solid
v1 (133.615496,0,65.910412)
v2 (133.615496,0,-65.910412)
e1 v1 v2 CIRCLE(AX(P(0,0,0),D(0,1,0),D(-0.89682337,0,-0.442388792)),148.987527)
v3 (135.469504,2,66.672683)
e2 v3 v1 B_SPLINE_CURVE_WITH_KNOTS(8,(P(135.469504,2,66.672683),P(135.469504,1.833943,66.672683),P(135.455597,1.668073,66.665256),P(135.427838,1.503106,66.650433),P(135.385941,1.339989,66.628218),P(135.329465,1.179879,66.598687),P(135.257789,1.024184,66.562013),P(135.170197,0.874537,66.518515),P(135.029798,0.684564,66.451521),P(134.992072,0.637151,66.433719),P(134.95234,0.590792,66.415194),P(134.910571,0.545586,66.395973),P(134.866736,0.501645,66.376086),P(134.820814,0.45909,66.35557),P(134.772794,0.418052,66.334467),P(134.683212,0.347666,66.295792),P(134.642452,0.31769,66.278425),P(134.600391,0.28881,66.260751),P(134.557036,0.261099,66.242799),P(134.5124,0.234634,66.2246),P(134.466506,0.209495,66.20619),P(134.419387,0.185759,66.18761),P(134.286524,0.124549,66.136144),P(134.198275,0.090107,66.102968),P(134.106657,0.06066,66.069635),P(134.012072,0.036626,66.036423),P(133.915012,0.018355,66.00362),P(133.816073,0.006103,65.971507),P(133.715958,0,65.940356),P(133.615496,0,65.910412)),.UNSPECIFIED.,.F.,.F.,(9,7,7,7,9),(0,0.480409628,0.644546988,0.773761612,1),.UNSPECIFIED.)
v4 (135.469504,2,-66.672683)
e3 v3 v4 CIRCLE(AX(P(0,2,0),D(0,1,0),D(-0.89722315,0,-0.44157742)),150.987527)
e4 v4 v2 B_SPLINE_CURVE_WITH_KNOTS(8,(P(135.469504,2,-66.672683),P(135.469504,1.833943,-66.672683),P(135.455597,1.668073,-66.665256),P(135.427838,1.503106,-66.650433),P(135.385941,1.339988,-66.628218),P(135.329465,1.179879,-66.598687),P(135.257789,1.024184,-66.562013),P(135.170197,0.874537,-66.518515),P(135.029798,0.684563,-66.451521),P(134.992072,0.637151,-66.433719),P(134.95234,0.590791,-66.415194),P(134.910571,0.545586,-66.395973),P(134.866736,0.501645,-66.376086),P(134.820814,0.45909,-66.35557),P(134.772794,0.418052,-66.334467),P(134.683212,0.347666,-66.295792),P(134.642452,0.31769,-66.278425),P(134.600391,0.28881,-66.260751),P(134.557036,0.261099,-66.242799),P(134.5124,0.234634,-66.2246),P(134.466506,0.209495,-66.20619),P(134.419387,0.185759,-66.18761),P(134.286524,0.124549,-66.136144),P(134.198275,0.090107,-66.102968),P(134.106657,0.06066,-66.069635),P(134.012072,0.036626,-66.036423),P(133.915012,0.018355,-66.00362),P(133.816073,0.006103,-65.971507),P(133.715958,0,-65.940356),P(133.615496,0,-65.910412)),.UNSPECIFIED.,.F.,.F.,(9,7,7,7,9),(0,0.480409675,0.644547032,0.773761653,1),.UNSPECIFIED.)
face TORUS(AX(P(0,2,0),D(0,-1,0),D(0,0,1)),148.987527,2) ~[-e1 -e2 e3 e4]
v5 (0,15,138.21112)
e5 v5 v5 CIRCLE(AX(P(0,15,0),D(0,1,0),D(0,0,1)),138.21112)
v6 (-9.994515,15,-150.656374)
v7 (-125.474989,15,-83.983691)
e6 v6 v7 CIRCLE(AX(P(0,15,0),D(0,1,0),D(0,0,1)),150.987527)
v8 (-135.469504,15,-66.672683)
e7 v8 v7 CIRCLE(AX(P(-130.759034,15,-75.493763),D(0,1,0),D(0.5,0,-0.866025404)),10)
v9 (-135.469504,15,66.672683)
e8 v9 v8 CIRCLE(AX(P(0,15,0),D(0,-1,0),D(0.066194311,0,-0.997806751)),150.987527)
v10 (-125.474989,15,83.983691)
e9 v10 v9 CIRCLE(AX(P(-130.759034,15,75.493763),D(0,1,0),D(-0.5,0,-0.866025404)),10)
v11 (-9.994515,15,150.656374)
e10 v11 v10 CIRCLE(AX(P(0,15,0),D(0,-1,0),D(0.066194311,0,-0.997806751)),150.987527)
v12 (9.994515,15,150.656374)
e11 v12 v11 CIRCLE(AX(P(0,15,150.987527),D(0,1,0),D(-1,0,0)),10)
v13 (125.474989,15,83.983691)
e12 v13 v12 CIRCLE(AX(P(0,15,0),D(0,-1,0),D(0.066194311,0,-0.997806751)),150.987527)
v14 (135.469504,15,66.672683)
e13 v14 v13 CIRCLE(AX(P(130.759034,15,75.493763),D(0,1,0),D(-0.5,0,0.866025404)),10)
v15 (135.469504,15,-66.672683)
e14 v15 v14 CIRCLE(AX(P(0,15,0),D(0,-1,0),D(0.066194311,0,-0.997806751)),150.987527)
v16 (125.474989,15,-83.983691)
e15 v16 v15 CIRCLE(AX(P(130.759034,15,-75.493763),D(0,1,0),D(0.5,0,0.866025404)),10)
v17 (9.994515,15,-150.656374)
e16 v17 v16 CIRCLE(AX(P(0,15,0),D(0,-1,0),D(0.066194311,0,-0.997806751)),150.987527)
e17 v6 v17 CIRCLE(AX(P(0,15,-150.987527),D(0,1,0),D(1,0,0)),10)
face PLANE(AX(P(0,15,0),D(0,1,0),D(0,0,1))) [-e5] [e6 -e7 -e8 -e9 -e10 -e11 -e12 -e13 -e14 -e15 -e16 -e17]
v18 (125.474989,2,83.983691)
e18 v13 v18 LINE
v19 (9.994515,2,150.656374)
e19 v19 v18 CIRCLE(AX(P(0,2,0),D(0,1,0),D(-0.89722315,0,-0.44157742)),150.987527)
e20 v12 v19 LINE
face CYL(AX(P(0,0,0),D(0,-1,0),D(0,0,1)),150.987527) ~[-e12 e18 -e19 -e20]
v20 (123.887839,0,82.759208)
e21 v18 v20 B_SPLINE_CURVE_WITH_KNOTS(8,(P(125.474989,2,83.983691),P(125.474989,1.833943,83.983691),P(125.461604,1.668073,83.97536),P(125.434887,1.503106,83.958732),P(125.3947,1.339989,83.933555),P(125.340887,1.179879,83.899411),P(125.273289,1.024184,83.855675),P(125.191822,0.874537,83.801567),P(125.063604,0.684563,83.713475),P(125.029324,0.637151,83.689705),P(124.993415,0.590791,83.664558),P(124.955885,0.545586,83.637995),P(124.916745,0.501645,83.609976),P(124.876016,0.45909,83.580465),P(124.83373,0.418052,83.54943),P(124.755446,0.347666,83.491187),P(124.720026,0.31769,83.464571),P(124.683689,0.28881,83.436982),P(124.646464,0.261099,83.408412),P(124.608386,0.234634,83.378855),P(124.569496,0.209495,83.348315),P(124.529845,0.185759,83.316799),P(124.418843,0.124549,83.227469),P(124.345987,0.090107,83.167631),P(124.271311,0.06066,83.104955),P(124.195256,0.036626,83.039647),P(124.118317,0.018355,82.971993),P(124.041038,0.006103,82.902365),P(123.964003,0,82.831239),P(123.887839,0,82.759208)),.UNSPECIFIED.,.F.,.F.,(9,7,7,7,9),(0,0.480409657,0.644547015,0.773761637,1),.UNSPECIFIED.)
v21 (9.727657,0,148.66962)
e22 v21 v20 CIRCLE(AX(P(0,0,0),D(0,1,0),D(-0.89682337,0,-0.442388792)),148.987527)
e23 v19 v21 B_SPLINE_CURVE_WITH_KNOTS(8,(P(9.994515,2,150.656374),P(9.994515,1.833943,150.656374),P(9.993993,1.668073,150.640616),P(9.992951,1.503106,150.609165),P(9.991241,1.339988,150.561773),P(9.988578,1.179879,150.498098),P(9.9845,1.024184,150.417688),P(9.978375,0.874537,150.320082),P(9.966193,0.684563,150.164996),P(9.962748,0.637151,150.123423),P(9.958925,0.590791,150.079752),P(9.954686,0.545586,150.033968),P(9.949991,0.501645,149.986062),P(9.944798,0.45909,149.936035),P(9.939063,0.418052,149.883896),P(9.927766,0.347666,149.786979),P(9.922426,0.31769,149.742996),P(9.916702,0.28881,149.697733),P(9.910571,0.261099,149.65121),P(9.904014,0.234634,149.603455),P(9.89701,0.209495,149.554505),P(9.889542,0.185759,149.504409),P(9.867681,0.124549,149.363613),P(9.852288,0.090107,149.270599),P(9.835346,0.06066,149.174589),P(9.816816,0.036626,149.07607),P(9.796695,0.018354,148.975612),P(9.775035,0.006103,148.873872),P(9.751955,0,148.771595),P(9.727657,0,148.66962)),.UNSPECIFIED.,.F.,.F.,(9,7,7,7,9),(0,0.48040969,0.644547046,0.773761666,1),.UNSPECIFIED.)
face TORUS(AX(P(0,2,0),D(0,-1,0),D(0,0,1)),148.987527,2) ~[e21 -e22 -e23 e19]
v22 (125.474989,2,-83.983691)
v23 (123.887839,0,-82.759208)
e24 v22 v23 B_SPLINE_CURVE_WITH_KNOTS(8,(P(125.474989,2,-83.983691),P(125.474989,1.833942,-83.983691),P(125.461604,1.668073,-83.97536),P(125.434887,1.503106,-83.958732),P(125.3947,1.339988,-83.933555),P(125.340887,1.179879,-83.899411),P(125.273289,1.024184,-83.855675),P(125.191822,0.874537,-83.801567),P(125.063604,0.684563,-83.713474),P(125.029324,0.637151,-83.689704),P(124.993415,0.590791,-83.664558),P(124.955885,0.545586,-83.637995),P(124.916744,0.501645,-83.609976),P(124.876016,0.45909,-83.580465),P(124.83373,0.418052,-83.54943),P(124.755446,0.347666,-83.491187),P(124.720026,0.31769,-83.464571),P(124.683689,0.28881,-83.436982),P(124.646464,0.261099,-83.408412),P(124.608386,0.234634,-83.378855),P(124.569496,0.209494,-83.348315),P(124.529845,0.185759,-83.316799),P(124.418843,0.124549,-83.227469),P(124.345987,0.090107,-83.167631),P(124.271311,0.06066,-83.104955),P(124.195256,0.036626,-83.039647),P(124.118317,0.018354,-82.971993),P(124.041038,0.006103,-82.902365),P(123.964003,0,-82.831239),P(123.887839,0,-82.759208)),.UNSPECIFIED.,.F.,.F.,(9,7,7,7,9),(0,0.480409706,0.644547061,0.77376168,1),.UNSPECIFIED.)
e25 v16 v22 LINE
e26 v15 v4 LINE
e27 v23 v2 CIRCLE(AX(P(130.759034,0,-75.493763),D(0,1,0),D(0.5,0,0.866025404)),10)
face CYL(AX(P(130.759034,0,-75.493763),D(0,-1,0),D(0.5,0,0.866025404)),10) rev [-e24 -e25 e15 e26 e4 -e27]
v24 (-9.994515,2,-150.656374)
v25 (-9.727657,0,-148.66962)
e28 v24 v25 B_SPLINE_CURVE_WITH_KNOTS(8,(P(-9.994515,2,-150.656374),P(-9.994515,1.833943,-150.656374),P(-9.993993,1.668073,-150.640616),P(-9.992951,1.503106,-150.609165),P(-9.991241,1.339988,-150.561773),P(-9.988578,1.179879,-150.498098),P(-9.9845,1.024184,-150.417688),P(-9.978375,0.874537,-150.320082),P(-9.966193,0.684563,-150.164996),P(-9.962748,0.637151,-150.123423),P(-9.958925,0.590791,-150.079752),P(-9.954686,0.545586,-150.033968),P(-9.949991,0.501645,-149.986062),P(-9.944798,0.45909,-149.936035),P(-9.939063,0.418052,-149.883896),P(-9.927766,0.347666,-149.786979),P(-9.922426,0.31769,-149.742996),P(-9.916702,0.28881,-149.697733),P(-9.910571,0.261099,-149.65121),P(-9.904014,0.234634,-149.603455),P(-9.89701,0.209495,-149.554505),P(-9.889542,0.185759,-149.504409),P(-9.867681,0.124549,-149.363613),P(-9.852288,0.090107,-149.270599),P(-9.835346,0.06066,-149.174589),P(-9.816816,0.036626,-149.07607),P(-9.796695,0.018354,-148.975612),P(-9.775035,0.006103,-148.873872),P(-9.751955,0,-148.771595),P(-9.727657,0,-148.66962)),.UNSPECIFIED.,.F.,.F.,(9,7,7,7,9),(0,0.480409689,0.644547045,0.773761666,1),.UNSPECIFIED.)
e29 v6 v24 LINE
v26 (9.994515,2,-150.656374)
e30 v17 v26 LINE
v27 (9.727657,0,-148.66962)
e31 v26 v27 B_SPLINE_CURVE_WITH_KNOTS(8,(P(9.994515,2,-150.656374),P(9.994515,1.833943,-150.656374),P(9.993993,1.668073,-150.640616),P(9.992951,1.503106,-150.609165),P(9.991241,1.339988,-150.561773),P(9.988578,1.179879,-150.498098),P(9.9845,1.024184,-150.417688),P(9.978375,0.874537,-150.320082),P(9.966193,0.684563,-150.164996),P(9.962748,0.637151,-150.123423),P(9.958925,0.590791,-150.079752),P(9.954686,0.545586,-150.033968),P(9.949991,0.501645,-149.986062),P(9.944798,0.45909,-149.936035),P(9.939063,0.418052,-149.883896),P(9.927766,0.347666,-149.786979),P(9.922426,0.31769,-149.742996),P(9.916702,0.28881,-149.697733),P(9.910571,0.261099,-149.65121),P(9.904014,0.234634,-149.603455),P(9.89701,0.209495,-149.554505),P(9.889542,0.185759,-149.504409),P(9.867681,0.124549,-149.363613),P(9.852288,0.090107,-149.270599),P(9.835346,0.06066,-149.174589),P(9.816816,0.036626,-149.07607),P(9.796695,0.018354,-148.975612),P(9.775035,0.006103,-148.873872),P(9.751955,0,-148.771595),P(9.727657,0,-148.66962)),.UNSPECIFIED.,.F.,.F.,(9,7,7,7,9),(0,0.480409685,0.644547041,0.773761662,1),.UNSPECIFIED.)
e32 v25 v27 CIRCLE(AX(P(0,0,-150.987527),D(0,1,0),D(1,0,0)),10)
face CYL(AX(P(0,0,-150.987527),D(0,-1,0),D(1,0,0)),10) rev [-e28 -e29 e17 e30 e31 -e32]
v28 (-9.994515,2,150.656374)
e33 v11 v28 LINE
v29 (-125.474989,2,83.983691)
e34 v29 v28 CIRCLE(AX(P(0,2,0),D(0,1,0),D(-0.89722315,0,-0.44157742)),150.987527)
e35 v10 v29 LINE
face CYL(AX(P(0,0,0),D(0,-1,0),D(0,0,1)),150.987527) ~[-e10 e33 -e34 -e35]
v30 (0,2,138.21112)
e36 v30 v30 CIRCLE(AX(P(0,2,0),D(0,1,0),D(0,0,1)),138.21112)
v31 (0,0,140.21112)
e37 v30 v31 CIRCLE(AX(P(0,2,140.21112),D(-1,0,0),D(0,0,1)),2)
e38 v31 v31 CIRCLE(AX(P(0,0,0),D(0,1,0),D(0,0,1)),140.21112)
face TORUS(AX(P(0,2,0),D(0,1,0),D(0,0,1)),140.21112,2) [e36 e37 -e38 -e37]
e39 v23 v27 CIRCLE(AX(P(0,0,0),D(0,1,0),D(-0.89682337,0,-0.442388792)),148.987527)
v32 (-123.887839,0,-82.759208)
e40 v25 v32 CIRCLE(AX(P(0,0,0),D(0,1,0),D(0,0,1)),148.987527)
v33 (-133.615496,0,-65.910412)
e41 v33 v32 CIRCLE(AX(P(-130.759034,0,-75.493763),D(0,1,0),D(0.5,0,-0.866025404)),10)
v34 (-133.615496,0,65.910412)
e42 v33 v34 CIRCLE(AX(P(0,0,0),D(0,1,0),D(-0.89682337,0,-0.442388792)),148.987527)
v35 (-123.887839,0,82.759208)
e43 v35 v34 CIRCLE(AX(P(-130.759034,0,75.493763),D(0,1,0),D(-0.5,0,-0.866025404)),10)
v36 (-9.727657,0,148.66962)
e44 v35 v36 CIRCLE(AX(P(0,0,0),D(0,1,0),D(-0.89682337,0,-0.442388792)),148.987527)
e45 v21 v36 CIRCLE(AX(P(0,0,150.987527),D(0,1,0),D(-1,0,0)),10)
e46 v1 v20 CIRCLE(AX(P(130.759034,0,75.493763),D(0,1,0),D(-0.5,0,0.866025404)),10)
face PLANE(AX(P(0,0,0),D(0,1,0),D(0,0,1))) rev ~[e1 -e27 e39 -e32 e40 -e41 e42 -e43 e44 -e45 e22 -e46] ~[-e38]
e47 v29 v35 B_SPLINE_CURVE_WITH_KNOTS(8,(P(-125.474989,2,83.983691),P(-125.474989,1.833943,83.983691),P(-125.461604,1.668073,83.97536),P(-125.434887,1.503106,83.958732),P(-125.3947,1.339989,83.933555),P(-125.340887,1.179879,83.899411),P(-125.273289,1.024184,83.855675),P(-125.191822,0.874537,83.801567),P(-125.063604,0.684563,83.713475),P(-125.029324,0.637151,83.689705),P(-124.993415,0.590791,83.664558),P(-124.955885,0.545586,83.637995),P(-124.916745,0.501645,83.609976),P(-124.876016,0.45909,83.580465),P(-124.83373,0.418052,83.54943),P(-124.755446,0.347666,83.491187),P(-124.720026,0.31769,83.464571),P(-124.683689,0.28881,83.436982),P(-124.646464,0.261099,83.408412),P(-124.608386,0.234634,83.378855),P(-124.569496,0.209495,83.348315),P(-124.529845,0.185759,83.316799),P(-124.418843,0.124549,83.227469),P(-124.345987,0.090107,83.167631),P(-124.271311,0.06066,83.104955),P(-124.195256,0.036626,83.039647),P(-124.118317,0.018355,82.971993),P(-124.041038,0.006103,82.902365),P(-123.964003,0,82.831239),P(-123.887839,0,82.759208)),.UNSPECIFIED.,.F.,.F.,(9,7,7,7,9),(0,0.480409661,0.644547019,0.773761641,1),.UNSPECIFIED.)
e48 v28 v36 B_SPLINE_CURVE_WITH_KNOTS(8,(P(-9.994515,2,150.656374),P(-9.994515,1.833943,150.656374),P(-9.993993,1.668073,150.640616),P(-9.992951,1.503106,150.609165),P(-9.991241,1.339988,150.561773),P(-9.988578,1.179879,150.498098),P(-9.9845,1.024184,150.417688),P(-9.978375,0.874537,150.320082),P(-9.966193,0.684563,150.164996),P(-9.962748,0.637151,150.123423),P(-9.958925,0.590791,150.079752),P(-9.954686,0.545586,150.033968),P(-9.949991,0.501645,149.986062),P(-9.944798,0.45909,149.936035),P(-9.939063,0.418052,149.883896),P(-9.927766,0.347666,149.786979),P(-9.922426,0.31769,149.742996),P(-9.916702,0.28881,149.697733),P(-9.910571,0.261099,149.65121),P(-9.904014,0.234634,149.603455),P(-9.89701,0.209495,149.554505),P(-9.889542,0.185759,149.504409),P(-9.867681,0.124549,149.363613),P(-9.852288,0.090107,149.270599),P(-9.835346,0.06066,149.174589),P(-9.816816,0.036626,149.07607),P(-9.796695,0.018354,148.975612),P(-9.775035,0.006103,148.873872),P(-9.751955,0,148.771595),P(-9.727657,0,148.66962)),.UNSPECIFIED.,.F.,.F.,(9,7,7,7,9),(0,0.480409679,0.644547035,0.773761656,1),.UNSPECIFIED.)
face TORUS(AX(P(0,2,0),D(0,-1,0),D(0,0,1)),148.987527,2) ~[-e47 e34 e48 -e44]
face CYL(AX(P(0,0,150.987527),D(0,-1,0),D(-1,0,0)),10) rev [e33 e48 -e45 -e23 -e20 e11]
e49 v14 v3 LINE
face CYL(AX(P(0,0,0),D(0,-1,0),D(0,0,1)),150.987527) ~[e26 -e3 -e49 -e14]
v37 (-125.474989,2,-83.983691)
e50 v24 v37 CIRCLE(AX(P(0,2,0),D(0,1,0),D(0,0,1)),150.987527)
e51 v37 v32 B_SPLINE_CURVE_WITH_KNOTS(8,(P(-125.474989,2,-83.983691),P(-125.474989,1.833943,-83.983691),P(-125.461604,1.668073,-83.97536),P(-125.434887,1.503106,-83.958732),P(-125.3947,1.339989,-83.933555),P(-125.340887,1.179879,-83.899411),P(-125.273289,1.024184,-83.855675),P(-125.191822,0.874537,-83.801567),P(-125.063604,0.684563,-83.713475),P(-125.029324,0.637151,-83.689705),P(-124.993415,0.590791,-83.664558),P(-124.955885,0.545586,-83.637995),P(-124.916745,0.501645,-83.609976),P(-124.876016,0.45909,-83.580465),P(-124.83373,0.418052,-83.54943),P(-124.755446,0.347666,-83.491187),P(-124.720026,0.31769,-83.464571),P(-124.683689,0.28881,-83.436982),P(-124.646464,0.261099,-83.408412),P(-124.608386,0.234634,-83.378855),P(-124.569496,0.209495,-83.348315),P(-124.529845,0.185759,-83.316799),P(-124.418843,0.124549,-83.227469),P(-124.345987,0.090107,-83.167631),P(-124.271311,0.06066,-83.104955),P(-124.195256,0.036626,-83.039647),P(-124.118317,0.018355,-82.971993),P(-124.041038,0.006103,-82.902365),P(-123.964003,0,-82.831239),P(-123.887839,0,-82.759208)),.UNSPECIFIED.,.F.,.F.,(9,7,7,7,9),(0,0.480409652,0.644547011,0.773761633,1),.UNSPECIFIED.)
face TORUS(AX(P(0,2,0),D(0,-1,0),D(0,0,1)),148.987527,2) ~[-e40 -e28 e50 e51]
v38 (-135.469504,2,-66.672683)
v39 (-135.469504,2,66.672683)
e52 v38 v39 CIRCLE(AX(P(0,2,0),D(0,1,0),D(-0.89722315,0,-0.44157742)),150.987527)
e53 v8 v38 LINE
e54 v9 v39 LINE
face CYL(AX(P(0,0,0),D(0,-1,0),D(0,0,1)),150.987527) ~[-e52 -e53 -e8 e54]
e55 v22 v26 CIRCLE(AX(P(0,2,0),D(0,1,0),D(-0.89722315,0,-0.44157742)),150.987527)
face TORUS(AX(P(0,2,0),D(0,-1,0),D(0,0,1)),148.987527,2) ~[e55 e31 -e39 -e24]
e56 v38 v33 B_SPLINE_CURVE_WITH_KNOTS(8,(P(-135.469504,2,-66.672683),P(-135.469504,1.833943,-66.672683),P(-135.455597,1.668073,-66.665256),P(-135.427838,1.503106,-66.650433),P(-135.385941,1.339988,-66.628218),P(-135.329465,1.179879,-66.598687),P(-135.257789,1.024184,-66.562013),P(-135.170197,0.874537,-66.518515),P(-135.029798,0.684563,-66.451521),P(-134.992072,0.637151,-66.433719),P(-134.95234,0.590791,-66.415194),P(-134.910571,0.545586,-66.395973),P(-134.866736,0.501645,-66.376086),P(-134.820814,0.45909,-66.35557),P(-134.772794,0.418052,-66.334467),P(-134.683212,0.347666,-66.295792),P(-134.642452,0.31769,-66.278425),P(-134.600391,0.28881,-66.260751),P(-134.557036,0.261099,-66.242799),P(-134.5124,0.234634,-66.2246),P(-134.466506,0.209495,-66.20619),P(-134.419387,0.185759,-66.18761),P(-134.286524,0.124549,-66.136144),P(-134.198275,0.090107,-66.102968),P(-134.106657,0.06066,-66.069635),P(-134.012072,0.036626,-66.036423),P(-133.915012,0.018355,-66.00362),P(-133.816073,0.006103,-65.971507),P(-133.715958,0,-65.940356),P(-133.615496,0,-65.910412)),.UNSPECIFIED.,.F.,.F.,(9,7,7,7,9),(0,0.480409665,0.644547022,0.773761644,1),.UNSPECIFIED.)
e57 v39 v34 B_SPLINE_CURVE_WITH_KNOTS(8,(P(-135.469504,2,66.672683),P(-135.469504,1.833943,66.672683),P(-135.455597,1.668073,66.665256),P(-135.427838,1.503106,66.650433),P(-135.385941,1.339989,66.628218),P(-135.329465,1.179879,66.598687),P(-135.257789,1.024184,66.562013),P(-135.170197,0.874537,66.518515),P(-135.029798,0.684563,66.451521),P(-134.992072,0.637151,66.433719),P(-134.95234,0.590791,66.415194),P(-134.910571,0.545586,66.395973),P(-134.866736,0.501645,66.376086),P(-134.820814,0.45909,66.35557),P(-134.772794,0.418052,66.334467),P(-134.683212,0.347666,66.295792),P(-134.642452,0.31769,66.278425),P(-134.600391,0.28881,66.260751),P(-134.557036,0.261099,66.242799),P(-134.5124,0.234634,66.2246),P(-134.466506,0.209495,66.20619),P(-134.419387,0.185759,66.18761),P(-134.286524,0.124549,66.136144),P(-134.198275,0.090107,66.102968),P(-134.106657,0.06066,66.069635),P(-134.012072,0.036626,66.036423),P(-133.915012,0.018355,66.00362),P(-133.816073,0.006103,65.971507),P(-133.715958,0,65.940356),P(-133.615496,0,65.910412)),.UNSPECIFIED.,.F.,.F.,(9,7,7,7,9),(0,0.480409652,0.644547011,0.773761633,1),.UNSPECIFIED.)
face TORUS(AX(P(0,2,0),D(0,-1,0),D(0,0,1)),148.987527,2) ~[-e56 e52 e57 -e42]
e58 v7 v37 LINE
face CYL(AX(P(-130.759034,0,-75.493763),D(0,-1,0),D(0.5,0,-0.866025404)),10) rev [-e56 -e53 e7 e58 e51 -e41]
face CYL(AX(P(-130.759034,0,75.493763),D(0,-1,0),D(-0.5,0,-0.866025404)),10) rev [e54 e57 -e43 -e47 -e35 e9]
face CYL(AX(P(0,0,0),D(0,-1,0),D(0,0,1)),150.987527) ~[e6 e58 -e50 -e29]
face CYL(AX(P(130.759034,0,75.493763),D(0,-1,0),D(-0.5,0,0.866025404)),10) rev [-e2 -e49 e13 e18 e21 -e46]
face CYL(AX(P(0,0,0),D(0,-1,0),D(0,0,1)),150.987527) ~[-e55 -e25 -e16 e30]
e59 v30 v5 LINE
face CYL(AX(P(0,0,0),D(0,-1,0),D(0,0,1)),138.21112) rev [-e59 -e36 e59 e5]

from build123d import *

# Parameters (mm, degrees)
SKETCH_1_R               = 150.987526818
SKETCH_1_R_2             = 138.21111966
EXTRUDE_1_DEPTH          = 15
FILLET_1_R               = 2
SKETCH_2_R               = 10
CUT_EXTRUDE_1_DEPTH      = 15
PATTERN_CIRCULAR_1_COUNT = 6


with BuildPart() as part:
    # Эскиз1 → Бобышка-Вытянуть1 (new body)
    with BuildSketch(Plane(origin=(0, 0, 0), x_dir=(1, 0, 0), z_dir=(0, 1, 0))):
        with Locations(Location((0, 0, 0), (0, 0, 270))):
            Circle(SKETCH_1_R)
        with Locations(Location((0, 0, 0), (0, 0, 270))):
            Circle(SKETCH_1_R_2, mode=Mode.SUBTRACT)
    extrude(amount=EXTRUDE_1_DEPTH)

    # Скругление1
    fillet_1_edges = [part.edges().sort_by_distance(p)[0] for p in [
        (0, 0, -150.987526818),
        (0, 0, -138.21111966),
    ]]
    fillet(fillet_1_edges, radius=FILLET_1_R)

    # Эскиз2 → Вырез-Вытянуть1 (cut)
    with BuildSketch(Plane(origin=(0, 0, 0), x_dir=(1, 0, 0), z_dir=(0, 1, 0))):
        with Locations((0, 150.987526818)):
            Circle(SKETCH_2_R)
    cut_extrude_1 = extrude(amount=CUT_EXTRUDE_1_DEPTH, mode=Mode.SUBTRACT)

    # Круговой массив1: Вырез-Вытянуть1 ×6 about axis
    pattern_circular_1_axis = Axis((0, 0, 0), (0, 1, 0))
    for i in range(1, PATTERN_CIRCULAR_1_COUNT):
        add(cut_extrude_1.rotate(pattern_circular_1_axis, i * 360 / PATTERN_CIRCULAR_1_COUNT), mode=Mode.SUBTRACT)


solid = part.part
